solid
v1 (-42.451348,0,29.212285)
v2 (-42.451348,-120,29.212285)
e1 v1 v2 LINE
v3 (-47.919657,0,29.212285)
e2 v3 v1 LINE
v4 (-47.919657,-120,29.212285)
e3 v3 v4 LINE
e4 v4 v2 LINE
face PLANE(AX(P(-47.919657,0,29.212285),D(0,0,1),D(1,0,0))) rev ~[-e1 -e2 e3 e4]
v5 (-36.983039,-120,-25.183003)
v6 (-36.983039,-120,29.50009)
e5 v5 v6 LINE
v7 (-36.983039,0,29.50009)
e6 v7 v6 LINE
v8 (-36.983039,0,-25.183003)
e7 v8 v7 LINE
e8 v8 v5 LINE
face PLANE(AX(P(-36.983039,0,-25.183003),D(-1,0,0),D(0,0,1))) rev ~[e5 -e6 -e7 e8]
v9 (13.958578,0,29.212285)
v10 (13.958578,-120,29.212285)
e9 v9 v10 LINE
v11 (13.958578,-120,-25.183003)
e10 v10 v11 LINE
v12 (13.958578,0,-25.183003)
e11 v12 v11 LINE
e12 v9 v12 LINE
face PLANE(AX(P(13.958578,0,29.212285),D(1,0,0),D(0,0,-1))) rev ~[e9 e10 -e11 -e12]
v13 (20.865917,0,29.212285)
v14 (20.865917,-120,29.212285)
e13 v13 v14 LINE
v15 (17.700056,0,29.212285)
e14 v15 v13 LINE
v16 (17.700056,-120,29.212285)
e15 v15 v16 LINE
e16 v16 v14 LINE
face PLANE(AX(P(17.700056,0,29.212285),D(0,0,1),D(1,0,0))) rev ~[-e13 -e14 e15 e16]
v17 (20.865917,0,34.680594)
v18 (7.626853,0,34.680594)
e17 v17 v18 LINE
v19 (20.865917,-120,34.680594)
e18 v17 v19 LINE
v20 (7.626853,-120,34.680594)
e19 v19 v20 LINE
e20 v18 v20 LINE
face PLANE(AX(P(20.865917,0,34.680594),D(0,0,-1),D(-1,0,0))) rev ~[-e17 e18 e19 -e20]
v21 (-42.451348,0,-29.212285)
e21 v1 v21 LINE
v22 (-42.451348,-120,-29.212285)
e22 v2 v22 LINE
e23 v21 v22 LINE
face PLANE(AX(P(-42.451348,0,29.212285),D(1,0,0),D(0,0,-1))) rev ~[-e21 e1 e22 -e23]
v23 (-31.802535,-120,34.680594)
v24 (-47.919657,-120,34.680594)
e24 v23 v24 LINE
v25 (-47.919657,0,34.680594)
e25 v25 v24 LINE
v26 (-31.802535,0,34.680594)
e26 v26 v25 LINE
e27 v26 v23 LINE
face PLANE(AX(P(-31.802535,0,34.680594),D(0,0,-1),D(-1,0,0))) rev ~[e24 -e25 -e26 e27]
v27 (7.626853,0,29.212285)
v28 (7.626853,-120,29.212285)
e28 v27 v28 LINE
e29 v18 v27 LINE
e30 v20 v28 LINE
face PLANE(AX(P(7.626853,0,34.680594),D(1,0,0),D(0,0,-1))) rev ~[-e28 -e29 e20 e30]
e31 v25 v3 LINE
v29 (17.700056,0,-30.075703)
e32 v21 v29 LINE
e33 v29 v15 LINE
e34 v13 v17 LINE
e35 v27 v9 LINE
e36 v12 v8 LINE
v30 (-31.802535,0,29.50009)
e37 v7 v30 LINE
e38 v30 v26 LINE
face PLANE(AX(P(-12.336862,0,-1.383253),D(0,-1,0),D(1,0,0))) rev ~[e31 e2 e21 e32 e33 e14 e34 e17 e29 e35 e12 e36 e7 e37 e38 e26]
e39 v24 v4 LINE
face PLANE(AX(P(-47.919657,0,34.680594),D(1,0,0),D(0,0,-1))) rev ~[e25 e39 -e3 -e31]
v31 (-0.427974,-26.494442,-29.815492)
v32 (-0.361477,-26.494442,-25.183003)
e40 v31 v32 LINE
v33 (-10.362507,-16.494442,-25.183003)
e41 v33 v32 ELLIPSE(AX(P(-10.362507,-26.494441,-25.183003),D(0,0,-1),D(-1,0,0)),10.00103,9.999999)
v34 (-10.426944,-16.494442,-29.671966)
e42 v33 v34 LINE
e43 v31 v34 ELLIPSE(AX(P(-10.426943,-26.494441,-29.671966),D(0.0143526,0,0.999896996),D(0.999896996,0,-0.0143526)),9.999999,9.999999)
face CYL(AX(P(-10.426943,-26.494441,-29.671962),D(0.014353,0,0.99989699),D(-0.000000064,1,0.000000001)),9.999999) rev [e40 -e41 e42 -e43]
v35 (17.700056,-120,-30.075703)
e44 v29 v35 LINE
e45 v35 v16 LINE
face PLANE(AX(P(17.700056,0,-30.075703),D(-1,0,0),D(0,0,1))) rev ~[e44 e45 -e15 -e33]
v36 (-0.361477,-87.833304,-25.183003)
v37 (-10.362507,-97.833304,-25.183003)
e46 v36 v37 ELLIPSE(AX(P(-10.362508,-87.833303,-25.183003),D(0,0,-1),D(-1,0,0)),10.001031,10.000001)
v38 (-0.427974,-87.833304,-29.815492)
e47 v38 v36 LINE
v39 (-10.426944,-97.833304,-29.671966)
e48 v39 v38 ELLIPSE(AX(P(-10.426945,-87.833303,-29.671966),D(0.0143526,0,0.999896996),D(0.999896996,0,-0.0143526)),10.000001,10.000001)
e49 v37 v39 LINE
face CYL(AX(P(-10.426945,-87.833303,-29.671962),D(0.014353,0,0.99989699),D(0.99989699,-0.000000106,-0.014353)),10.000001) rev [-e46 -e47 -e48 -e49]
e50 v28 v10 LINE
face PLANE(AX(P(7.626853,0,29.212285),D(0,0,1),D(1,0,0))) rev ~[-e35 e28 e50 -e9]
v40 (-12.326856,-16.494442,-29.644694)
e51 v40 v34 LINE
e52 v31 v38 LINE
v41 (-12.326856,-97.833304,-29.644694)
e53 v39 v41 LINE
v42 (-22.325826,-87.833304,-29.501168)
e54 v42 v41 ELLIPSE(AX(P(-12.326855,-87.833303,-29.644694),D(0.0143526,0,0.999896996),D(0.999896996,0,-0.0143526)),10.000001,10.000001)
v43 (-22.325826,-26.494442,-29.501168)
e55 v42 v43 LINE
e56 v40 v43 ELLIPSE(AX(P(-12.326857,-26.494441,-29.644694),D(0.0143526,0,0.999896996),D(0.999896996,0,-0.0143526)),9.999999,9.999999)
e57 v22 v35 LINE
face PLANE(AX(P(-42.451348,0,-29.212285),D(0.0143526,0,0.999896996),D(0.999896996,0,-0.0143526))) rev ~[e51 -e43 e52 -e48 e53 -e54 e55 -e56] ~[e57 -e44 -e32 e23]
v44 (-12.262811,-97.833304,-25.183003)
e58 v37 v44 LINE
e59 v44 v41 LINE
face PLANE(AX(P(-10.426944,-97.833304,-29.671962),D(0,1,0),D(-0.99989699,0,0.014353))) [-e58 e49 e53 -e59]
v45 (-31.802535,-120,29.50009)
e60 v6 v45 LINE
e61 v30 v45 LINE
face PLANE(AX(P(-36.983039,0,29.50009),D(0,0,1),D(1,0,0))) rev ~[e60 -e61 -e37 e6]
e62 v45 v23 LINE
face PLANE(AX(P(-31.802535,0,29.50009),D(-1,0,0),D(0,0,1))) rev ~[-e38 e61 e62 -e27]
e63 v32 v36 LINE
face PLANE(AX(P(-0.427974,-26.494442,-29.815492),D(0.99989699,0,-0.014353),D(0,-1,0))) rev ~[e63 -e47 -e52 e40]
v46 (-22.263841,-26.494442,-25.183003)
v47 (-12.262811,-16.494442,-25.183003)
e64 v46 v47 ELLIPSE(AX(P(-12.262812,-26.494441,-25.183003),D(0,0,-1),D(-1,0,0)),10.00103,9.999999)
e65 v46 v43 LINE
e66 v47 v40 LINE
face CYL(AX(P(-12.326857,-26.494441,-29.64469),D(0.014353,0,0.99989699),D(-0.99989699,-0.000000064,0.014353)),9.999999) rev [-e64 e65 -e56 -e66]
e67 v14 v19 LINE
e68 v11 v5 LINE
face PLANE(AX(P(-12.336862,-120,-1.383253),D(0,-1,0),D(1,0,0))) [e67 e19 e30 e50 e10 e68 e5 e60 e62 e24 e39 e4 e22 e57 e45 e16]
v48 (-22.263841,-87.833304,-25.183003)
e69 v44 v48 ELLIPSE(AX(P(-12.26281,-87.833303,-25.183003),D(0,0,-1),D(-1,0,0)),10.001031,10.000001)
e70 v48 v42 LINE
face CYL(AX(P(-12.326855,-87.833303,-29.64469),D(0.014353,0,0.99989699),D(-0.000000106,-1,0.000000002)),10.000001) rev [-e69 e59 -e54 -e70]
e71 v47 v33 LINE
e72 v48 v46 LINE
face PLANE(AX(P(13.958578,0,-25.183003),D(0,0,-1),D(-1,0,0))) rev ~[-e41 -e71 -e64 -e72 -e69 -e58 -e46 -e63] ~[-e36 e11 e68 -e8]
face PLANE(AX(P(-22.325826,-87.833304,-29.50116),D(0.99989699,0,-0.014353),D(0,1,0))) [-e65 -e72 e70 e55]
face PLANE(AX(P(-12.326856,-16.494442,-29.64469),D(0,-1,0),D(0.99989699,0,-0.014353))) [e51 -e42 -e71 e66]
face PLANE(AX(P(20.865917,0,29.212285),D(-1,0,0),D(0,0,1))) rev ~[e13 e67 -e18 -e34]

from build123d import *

# Parameters (mm, degrees)
F1_DEPTH = 120
F3_DEPTH = 25
F4_DEPTH = 25


with BuildPart() as f1:
    # F0 (on Front) → F1 (new body)
    with BuildSketch(Plane.XZ):
        Polygon((-31.802535, 29.50009), (-31.802535, 34.680594), (-47.919657, 34.680594), (-47.919657, 29.212285), (-42.451348, 29.212285), (-42.451348, -29.212285), (17.700056, -30.075703), (17.700056, 29.212285), (20.865917, 29.212285), (20.865917, 34.680594), (7.626853, 34.680594), (7.626853, 29.212285), (13.958578, 29.212285), (13.958578, -25.183003), (-36.983039, -25.183003), (-36.983039, 29.50009), align=None)
    extrude(amount=F1_DEPTH)

    # F2 (on face) → F3 (cut)
    with BuildSketch(Plane(origin=(-0.427974, 0, -29.815492), x_dir=(0.999897, 0, -0.014353), z_dir=(-0.014353, 0, -0.999897))):
        with BuildLine():
            Line((-10, 97.833304), (-11.900108, 97.833304))
            ThreePointArc((-11.900108, 97.833304), (-18.971176, 94.904371), (-21.900108, 87.833304))
            Line((-21.900108, 87.833304), (-21.900108, 26.494442))
            ThreePointArc((-21.900108, 26.494442), (-18.971176, 19.423374), (-11.900108, 16.494442))
            Line((-11.900108, 16.494442), (-10, 16.494442))
            ThreePointArc((-10, 16.494442), (-2.928932, 19.423374), (0, 26.494442))
            Line((0, 26.494442), (0, 87.833304))
            ThreePointArc((0, 87.833304), (-2.928932, 94.904371), (-10, 97.833304))
        make_face()
    extrude(amount=F3_DEPTH, mode=Mode.SUBTRACT)

    # F2 (on face) → F4 (cut)
    with BuildSketch(Plane(origin=(-0.427974, 0, -29.815492), x_dir=(0.999897, 0, -0.014353), z_dir=(-0.014353, 0, -0.999897))):
        with BuildLine():
            Line((-10, 97.833304), (-11.900108, 97.833304))
            ThreePointArc((-11.900108, 97.833304), (-18.971176, 94.904371), (-21.900108, 87.833304))
            Line((-21.900108, 87.833304), (-21.900108, 26.494442))
            ThreePointArc((-21.900108, 26.494442), (-18.971176, 19.423374), (-11.900108, 16.494442))
            Line((-11.900108, 16.494442), (-10, 16.494442))
            ThreePointArc((-10, 16.494442), (-2.928932, 19.423374), (0, 26.494442))
            Line((0, 26.494442), (0, 87.833304))
            ThreePointArc((0, 87.833304), (-2.928932, 94.904371), (-10, 97.833304))
        make_face()
    extrude(amount=-F4_DEPTH, mode=Mode.SUBTRACT)


solid = f1.part
